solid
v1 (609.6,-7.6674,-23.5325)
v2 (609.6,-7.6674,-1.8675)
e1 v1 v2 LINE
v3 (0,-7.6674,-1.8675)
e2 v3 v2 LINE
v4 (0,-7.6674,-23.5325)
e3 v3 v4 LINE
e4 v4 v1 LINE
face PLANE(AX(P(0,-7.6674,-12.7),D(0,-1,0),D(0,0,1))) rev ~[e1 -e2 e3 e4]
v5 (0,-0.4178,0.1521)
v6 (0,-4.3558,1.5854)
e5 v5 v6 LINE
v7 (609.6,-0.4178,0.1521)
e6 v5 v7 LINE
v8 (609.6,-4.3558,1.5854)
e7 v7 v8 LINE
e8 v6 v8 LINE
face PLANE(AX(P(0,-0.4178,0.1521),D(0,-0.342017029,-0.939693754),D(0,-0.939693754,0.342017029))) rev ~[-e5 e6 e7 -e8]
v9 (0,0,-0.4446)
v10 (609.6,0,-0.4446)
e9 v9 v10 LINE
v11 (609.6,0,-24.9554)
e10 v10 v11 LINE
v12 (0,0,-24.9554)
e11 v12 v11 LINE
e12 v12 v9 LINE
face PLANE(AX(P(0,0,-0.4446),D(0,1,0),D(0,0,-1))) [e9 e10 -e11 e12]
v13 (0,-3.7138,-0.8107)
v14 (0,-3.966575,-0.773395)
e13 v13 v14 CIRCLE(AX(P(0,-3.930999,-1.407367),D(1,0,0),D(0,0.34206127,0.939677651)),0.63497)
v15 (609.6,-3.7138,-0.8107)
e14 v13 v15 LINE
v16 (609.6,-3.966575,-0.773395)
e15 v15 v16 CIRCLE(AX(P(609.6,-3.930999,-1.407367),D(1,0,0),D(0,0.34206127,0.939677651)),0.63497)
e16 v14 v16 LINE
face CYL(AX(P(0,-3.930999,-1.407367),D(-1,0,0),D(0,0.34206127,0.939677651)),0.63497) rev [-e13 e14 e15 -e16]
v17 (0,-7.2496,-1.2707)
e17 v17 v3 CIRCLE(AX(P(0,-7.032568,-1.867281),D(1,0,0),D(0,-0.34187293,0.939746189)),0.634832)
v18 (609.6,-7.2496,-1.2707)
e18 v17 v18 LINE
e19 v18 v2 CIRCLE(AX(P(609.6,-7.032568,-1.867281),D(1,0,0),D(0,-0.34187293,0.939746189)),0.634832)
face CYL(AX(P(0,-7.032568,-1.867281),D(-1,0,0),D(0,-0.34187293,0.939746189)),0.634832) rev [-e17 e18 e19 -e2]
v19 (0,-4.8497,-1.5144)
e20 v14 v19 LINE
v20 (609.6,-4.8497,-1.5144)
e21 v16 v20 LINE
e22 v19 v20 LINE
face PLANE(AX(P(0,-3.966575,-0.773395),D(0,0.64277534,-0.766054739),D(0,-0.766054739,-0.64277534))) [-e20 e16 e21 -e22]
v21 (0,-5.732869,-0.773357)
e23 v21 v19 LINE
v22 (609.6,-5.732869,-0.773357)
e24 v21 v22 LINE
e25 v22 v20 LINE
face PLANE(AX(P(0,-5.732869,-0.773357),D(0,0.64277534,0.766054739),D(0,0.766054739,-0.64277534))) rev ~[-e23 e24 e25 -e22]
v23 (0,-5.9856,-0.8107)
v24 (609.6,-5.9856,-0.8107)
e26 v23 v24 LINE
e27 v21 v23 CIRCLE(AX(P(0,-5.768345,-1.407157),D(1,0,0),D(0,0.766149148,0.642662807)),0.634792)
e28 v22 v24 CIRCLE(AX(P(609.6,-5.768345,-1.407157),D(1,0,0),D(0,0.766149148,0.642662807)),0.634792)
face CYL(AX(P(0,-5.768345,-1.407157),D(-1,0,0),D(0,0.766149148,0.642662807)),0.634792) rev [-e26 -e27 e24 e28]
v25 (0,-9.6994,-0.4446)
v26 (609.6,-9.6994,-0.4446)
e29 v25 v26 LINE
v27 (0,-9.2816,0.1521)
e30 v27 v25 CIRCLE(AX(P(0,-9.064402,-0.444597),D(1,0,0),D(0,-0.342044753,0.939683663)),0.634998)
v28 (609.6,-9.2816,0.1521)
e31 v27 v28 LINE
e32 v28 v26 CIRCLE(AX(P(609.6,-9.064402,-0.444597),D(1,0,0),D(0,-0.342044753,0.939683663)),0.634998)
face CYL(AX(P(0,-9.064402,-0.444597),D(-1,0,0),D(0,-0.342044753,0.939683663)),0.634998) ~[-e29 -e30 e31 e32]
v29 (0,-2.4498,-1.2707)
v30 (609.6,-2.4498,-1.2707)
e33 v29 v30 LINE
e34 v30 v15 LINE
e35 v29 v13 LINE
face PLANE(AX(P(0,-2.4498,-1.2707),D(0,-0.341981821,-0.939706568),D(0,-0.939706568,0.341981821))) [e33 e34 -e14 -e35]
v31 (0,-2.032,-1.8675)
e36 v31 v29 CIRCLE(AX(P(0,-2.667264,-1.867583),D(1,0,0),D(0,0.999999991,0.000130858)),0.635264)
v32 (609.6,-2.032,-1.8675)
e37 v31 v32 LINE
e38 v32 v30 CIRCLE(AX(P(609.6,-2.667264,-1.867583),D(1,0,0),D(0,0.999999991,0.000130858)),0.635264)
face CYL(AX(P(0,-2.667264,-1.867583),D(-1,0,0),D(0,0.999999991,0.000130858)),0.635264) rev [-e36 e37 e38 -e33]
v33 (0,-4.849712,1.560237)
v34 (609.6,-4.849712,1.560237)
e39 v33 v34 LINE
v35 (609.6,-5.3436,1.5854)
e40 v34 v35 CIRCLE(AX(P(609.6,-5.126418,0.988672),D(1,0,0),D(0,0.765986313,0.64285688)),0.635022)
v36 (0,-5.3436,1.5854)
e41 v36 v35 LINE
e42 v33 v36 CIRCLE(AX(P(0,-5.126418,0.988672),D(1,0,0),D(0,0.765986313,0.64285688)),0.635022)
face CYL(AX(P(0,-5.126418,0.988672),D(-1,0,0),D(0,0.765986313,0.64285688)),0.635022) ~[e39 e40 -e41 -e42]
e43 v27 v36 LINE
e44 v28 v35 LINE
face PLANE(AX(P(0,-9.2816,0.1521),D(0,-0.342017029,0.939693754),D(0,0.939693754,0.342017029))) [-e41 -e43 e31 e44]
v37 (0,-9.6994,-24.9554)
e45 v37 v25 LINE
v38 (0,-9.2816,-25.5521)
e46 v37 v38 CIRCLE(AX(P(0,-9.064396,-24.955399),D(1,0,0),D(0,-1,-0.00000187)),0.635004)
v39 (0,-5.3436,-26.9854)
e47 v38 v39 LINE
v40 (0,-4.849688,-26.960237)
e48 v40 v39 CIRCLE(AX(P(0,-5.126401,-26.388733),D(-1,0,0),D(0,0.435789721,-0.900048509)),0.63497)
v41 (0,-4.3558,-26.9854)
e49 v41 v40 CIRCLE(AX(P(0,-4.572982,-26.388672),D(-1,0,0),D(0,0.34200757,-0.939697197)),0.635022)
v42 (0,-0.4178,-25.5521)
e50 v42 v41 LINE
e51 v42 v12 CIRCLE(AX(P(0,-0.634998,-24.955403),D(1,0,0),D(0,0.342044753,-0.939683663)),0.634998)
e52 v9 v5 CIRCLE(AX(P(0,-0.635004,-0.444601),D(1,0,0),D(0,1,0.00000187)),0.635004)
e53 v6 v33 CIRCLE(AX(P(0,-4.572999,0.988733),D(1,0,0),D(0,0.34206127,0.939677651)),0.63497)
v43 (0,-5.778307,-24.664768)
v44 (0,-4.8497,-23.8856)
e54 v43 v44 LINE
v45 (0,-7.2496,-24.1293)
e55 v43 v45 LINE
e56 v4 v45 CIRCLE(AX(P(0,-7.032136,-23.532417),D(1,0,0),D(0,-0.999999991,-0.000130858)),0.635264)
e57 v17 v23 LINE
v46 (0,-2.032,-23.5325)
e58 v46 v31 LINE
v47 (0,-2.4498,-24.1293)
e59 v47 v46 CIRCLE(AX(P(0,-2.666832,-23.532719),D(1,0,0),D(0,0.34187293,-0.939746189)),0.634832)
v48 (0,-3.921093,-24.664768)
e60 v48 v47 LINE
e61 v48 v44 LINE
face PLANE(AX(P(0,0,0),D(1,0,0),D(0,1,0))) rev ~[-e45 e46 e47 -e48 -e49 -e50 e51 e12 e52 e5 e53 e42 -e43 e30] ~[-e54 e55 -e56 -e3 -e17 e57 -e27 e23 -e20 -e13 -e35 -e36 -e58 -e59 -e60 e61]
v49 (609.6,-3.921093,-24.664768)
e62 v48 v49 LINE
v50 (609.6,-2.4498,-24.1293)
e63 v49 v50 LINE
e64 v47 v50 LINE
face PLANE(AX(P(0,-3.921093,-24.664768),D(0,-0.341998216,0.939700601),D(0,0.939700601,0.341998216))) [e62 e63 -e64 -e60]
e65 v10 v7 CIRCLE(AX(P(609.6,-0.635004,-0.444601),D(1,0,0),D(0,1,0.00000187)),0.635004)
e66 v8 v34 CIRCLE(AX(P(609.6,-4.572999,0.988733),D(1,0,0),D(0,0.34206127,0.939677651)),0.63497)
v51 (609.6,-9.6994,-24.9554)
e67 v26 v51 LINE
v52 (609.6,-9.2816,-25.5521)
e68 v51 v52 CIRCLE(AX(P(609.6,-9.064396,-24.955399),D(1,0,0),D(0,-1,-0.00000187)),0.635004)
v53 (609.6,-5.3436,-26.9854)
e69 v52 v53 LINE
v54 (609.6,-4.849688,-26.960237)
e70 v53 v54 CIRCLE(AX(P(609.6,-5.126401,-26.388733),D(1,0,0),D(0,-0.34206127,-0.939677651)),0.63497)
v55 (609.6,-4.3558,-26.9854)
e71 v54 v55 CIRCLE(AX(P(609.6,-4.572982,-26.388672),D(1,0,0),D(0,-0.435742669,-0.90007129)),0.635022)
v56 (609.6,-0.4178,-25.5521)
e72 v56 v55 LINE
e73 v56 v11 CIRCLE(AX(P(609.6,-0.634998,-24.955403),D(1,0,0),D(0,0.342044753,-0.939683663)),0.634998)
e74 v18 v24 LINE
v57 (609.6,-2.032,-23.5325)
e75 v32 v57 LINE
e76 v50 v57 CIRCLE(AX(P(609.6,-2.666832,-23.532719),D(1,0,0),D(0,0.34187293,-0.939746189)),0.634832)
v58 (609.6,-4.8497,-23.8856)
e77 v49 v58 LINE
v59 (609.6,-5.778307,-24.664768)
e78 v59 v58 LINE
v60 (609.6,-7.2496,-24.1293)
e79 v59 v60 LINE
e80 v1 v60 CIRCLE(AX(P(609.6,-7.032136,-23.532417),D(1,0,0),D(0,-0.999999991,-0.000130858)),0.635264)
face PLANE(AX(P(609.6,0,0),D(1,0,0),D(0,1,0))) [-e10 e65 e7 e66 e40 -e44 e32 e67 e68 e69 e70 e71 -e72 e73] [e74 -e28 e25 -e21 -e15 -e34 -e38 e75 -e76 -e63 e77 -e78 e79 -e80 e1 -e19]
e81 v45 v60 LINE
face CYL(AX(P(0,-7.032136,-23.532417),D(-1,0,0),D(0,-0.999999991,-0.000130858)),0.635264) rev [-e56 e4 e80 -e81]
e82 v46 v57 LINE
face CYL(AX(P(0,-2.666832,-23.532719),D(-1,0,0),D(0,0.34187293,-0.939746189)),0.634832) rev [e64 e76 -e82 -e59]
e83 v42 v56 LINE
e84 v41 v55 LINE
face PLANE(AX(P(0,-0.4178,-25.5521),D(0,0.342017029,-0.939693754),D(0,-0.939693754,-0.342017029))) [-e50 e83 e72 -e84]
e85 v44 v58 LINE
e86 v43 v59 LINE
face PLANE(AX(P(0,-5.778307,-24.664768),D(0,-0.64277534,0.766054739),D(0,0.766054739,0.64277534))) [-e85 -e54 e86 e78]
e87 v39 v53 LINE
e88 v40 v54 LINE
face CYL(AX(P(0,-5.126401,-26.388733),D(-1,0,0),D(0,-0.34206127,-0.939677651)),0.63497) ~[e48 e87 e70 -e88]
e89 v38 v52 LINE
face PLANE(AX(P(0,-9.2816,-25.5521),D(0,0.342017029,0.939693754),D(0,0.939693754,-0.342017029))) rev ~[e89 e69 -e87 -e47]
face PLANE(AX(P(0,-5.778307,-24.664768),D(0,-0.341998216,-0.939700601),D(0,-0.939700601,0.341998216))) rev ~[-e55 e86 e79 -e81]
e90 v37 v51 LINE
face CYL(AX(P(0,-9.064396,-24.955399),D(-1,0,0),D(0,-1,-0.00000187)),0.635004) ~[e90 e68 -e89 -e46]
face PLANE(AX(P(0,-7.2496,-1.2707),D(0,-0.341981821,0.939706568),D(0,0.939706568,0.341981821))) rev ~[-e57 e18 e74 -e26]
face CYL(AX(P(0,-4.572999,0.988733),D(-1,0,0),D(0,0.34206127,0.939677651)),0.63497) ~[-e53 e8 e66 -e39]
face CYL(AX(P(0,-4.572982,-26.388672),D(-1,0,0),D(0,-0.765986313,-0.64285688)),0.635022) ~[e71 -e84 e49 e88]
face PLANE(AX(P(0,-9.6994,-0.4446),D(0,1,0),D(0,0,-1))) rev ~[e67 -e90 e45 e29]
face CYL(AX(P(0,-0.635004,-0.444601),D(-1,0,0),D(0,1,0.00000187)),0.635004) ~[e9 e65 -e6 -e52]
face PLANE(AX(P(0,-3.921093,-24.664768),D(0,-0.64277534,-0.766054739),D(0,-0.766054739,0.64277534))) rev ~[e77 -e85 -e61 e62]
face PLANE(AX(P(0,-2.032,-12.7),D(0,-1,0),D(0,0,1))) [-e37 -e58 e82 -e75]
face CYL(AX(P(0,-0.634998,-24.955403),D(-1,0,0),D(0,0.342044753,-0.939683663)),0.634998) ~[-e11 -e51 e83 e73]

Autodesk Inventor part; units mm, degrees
ref_plane "YZ Plane" through (0, 0, 0) normal (1, 0, 0) x (0, 1, 0)
ref_plane "XZ Plane" through (0, 0, 0) normal (0, 1, 0) x (-1, 0, 0)
ref_plane "XY Plane" through (0, 0, 0) normal (0, 0, 1) x (1, 0, 0)
sketch "Sketch1" plane through (0, 0, 0) normal (1, 0, 0) x (0, 1, 0)
  line L0 (0, -0.4446) -> (0, -24.9554)
  line L1 (-0.4178, -25.5521) -> (-4.3558, -26.9854)
  line L2 (-0.4178, 0.1521) -> (-4.3558, 1.5854)
  line L3 (-5.0594, 1.3969) -> (-6.4063, -0.2083)
  line L4 (-4.8497, -23.8856) -> (-4.8389, -24.1212)
  line L5 (-3.9874, -24.6889) -> (-2.4498, -24.1293)
  line L6 (-2.032, -23.5325) -> (-2.032, -1.8675)
  line L7 (-2.4498, -1.2707) -> (-3.7138, -0.8107)
  line L8 (-4.4174, -0.9992) -> (-4.8497, -1.5144)
  line L9 (-6.4063, -0.2083) -> (-4.8497, -1.5144)
  arc A0 (0, -0.4446) -> (-0.4178, 0.1521) centre (-0.635, -0.4446) ccw
  arc A1 (-2.032, -1.8675) -> (-2.4498, -1.2707) centre (-2.667, -1.8675) ccw
  arc A2 (-4.3558, 1.5854) -> (-5.0594, 1.3969) centre (-4.573, 0.9887) ccw
  arc A3 (-3.7138, -0.8107) -> (-4.4174, -0.9992) centre (-3.931, -1.4074) ccw
  arc A4 (-2.4498, -24.1293) -> (-2.032, -23.5325) centre (-2.667, -23.5325) ccw
  arc A5 (-0.4178, -25.5521) -> (0, -24.9554) centre (-0.635, -24.9554) ccw
  arc A6 (-4.8389, -24.1212) -> (-3.9874, -24.6889) centre (-4.2046, -24.0922) ccw
  line L10 (-4.8497, -23.8856) -> (-4.8497, -1.5144)
  line L11 (-9.6994, -0.4446) -> (-9.6994, -24.9554)
  line L12 (-9.2816, -25.5521) -> (-5.3436, -26.9854)
  line L13 (-9.2816, 0.1521) -> (-5.3436, 1.5854)
  line L14 (-4.64, 1.3969) -> (-3.2931, -0.2083)
  line L15 (-5.712, -24.6889) -> (-7.2496, -24.1293)
  line L16 (-7.6674, -23.5325) -> (-7.6674, -1.8675)
  line L17 (-7.2496, -1.2707) -> (-5.9856, -0.8107)
  line L18 (-5.282, -0.9992) -> (-4.8497, -1.5144)
  line L19 (-3.2931, -0.2083) -> (-4.8497, -1.5144)
  arc A7 (-9.2816, 0.1521) -> (-9.6994, -0.4446) centre (-9.0644, -0.4446) ccw
  arc A8 (-7.2496, -1.2707) -> (-7.6674, -1.8675) centre (-7.0324, -1.8675) ccw
  arc A9 (-4.64, 1.3969) -> (-5.3436, 1.5854) centre (-5.1264, 0.9887) ccw
  arc A10 (-5.282, -0.9992) -> (-5.9856, -0.8107) centre (-5.7685, -1.4074) ccw
  arc A11 (-7.6674, -23.5325) -> (-7.2496, -24.1293) centre (-7.0324, -23.5325) ccw
  arc A12 (-9.6994, -24.9554) -> (-9.2816, -25.5521) centre (-9.0644, -24.9554) ccw
  arc A13 (-5.712, -24.6889) -> (-4.8605, -24.1212) centre (-5.4948, -24.0922) ccw
  line L20 (-5.3436, -26.9854) -> (-4.3558, -26.9854)
  line L21 (0, -12.7) -> (-9.6994, -12.7)
  line L22 (-5.0594, -26.7969) -> (-6.4063, -25.1917)
  line L23 (-4.8389, -24.1212) -> (-4.8497, -23.8856)
  line L24 (-6.4063, -25.1917) -> (-4.8497, -23.8856)
  arc A14 (-5.0594, -26.7969) -> (-4.3558, -26.9854) centre (-4.573, -26.3887) ccw
  arc A15 (-5.3436, -26.9854) -> (-4.64, -26.7969) centre (-5.1264, -26.3887) ccw
  line L25 (-4.64, -26.7969) -> (-3.2931, -25.1917)
  line L26 (-4.8605, -24.1212) -> (-4.8497, -23.8856)
  line L27 (-3.2931, -25.1917) -> (-4.8497, -23.8856)
  point P0 (0, 0)
  point P1 (0, -25.4)
  point P2 (-4.7736, -27.1375)
  point P3 (-4.7736, 1.7375)
  point P4 (-4.7995, -24.9845)
  point P5 (-2.032, -23.9772)
  point P6 (-2.032, -1.4228)
  point P7 (-4.1316, -0.6586)
  dimension "d0" = 25.4
  dimension "d4" = 5.08
  dimension "d5" = 110
  dimension "d8" = 5.08
  dimension "d10" = 110
  dimension "d11" = 2.54
  dimension "d12" = 110
  dimension "d13" = 2.032
  dimension "d16" = 0.635
  dimension "d18" = 2.032
extrude "Extrusion1" add sketch "Sketch1" along normal blind 609.6 contours L0 L21 L6 A1 L7 A3 L19 L14 A9 A2 L2 A0 | L0 A5 L1 L20 A14 A15 L25 L27 L5 A4 L6 L21 | A9 L14 L19 A3 L8 L18 A10 L9 L3 A2 | A2 L3 L9 A10 L17 A8 L16 L21 L11 A7 L13 A9 | A14 L20 | L27 L5 A6 L4 | L26 A13 L15 L24 | L4 A6 L5 L27 L25 A15 A14 L22 L24 L15 A13 L26 | L9 A10 L18 | L8 A3 L19 | L16 A11 L15 L24 L22 A14 A15 L20 L12 A12 L11 L21 | A15 L20
properties part number "the smaller outside for the 2nd slider part"
